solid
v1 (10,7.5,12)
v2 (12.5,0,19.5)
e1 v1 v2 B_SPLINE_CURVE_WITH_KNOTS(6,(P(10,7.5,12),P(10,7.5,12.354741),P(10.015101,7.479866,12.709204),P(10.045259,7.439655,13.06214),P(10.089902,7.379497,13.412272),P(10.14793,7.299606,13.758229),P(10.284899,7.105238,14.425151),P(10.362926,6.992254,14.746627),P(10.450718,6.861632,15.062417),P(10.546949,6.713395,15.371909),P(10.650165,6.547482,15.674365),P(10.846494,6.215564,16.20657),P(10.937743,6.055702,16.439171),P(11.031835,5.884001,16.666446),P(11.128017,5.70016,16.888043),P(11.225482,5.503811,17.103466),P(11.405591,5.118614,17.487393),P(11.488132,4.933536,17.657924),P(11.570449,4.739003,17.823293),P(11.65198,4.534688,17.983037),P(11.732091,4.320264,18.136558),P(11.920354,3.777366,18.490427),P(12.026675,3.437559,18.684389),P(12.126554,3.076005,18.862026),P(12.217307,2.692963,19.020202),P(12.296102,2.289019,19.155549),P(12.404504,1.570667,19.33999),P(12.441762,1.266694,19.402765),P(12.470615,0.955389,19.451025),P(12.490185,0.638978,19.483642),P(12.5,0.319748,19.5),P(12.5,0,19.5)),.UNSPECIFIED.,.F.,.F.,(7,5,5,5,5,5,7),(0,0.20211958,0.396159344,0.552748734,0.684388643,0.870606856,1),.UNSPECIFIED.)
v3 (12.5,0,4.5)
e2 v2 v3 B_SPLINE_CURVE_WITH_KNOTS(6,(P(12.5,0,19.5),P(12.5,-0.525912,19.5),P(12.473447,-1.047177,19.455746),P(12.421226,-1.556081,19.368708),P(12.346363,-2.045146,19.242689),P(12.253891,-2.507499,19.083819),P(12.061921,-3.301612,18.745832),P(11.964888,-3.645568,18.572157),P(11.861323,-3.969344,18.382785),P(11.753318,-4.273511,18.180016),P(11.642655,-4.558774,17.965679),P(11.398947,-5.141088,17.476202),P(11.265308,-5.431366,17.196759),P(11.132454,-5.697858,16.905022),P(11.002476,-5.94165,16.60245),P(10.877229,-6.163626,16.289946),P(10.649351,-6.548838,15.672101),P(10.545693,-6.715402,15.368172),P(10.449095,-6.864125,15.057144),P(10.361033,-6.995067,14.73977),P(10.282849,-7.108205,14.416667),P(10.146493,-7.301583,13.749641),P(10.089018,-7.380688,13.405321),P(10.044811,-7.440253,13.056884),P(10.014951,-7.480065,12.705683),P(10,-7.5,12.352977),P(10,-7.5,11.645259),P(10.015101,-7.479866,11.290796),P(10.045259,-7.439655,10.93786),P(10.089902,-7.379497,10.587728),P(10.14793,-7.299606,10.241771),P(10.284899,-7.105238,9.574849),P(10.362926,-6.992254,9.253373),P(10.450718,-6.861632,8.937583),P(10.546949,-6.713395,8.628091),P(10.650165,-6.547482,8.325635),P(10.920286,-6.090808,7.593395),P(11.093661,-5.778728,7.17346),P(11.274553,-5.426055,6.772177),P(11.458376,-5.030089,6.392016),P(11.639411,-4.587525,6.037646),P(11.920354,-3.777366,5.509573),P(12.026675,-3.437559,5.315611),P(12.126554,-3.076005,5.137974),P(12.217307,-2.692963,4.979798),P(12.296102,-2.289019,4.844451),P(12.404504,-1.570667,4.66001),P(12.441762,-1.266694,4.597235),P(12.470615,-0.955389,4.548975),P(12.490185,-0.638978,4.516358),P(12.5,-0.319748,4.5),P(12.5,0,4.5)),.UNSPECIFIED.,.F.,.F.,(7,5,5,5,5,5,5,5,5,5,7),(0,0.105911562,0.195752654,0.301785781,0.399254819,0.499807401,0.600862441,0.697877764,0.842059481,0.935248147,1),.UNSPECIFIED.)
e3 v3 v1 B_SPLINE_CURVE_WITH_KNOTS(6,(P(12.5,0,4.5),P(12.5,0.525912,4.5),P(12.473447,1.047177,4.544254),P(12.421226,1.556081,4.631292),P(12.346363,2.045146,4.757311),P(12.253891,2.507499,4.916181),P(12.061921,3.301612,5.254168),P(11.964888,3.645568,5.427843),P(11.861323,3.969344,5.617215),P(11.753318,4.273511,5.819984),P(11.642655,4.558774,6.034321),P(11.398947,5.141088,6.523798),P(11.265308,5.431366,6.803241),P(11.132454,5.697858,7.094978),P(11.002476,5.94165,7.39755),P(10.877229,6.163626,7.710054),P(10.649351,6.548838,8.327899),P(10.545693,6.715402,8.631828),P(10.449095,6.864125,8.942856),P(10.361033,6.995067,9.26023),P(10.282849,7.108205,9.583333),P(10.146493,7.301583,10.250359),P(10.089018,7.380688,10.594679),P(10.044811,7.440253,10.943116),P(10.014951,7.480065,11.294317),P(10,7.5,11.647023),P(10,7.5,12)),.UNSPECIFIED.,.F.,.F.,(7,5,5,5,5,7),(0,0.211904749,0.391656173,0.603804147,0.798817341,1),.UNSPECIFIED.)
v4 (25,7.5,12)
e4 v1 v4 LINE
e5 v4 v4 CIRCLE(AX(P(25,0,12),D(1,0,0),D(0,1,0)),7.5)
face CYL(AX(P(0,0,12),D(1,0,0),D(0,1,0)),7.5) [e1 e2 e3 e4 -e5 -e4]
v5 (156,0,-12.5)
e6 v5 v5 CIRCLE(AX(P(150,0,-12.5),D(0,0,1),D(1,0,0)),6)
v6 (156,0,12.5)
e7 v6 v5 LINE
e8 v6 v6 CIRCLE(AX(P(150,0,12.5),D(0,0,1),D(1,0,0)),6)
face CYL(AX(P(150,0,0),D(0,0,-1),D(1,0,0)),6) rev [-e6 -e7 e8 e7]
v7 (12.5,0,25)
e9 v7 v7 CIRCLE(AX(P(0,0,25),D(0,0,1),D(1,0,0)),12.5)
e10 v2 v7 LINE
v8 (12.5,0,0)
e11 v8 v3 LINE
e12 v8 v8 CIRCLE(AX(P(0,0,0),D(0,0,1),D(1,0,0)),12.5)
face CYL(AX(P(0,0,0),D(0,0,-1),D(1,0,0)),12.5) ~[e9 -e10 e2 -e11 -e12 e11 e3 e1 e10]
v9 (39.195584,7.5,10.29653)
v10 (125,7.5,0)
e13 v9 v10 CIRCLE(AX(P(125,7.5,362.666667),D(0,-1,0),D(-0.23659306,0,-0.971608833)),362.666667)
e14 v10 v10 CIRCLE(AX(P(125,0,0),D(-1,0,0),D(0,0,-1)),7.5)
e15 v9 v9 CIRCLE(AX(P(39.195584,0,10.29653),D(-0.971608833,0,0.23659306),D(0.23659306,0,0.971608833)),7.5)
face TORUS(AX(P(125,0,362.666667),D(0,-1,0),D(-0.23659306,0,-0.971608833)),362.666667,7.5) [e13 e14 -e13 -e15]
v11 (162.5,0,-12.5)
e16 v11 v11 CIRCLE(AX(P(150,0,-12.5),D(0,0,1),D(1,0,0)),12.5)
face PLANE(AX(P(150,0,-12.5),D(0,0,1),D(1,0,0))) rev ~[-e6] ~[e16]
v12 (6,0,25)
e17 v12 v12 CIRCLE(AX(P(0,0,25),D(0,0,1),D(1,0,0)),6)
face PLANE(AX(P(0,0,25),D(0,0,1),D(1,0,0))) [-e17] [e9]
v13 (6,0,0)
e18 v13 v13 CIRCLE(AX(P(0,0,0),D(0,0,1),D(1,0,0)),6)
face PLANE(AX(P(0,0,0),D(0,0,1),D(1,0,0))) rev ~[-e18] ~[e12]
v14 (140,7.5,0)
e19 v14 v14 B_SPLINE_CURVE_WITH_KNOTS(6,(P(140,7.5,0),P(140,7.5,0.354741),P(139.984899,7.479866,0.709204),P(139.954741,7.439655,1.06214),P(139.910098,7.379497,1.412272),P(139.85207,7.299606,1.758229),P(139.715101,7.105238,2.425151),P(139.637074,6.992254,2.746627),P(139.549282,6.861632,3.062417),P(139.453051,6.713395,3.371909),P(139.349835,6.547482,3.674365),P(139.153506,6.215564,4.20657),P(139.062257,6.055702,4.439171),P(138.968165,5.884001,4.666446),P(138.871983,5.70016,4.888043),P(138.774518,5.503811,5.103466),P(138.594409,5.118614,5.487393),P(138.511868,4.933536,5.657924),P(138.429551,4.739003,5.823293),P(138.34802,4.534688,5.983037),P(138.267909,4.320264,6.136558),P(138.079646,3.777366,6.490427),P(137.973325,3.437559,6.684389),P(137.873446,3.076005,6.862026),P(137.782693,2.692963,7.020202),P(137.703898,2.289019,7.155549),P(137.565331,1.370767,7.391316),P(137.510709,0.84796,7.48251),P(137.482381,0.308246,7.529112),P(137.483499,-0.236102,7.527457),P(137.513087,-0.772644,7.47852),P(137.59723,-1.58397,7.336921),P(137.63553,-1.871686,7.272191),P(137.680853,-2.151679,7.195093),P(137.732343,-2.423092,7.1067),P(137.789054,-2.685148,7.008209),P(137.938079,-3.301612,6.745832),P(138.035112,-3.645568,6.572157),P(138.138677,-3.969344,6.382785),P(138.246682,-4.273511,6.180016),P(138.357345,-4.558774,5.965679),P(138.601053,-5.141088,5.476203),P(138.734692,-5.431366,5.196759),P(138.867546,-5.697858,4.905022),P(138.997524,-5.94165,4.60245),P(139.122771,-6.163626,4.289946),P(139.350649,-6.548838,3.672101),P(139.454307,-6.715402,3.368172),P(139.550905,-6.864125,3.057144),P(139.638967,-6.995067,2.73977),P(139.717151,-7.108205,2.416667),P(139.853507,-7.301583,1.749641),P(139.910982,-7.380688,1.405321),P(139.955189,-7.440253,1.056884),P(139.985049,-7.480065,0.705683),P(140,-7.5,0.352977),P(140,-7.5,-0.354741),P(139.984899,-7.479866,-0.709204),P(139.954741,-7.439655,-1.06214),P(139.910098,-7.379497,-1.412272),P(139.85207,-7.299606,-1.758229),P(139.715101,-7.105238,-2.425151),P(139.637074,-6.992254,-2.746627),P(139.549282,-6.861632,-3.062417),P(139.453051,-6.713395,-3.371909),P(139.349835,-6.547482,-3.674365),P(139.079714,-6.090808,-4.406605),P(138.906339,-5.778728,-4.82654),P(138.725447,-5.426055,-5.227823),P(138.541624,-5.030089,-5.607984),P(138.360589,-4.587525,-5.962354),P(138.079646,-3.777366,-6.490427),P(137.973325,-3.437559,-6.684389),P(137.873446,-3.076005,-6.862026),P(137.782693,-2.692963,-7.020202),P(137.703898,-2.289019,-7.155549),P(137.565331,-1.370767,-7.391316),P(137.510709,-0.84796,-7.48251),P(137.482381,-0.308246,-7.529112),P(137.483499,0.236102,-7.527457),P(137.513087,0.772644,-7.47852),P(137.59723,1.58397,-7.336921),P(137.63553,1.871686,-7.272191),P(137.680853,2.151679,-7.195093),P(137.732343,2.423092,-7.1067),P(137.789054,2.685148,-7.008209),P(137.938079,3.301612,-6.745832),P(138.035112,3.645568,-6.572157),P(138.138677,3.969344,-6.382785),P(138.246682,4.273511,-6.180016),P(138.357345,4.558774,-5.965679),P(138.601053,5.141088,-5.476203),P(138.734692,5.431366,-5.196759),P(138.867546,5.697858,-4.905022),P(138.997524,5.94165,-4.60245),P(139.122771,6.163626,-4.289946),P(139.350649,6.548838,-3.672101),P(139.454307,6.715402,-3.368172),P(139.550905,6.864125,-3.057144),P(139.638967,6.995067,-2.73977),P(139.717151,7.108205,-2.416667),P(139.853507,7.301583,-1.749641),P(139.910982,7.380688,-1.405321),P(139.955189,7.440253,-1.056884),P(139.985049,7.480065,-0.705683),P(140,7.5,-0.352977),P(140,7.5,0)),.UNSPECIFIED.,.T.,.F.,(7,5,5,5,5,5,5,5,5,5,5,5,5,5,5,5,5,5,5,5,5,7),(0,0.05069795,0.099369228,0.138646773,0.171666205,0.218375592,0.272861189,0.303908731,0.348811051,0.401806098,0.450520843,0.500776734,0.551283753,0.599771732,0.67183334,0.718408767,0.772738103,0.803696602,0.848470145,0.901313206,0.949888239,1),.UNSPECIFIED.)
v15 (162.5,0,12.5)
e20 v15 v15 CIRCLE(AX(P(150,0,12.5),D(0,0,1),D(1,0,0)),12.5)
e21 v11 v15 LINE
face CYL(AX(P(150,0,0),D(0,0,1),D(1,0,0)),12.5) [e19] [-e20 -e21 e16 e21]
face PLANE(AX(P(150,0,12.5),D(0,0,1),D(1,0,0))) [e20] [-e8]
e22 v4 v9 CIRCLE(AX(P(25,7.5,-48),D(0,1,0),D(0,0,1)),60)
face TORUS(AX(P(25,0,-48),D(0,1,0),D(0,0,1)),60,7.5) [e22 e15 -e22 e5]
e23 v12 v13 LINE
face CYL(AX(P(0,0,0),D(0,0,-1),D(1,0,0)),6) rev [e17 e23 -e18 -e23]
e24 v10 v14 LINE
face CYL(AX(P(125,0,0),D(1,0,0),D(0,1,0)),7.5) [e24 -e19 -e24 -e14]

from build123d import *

# Parameters (mm, degrees)
F1_R          = 7.5
F3_R          = 12.5
F3_R_2        = 6
F4_DEPTH      = 25
F5_DEPTH      = 12.5
F6_R          = 6
F7_DEPTH      = 25.0010001
F8_R          = 6
F9_DEPTH      = 12.5010001
F9_DEPTH_BACK = 25.0010001


with BuildPart() as f2:
    # F2: sweep along a path in F0
    with BuildLine(Plane.XZ) as f2_path:
        Line((0, 12), (25, 12))
        ThreePointArc((25, 12), (32.1487132371, 11.5726103092), (39.1955835962, 10.2965299685))
        ThreePointArc((39.1955835962, 10.2965299685), (81.789999989, 2.5833332421), (125, 0))
        Line((125, 0), (150, 0))
    # F1 (on Right) → F2 (sweep)
    with BuildSketch(Plane.YZ):
        with Locations((0, 12)):
            Circle(F1_R)
    sweep(path=f2_path.line)

    # F3 (on Top) → F4 (join)
    with BuildSketch(Plane.XY):
        Circle(F3_R)
        Circle(F3_R_2, mode=Mode.SUBTRACT)
    extrude(amount=F4_DEPTH)

    # F3 (on Top) → F5 (join, symmetric)
    with BuildSketch(Plane.XY):
        with Locations((150, 0)):
            Circle(F3_R)
        with Locations((150, 0)):
            Circle(F3_R_2, mode=Mode.SUBTRACT)
    extrude(amount=F5_DEPTH, both=True)

    # F6 (on face) → F7 (cut, through all)
    with BuildSketch(Plane.XY):
        Circle(F6_R)
    extrude(amount=F7_DEPTH, mode=Mode.SUBTRACT)

    # F8 (on face) → F9 (cut, two sides)
    with BuildSketch(Plane.XY) as f9_sk:
        with Locations((150, 0)):
            Circle(F8_R)
    extrude(amount=-F9_DEPTH, mode=Mode.SUBTRACT)
    extrude(f9_sk.sketch, amount=F9_DEPTH_BACK, mode=Mode.SUBTRACT)


solid = f2.part
